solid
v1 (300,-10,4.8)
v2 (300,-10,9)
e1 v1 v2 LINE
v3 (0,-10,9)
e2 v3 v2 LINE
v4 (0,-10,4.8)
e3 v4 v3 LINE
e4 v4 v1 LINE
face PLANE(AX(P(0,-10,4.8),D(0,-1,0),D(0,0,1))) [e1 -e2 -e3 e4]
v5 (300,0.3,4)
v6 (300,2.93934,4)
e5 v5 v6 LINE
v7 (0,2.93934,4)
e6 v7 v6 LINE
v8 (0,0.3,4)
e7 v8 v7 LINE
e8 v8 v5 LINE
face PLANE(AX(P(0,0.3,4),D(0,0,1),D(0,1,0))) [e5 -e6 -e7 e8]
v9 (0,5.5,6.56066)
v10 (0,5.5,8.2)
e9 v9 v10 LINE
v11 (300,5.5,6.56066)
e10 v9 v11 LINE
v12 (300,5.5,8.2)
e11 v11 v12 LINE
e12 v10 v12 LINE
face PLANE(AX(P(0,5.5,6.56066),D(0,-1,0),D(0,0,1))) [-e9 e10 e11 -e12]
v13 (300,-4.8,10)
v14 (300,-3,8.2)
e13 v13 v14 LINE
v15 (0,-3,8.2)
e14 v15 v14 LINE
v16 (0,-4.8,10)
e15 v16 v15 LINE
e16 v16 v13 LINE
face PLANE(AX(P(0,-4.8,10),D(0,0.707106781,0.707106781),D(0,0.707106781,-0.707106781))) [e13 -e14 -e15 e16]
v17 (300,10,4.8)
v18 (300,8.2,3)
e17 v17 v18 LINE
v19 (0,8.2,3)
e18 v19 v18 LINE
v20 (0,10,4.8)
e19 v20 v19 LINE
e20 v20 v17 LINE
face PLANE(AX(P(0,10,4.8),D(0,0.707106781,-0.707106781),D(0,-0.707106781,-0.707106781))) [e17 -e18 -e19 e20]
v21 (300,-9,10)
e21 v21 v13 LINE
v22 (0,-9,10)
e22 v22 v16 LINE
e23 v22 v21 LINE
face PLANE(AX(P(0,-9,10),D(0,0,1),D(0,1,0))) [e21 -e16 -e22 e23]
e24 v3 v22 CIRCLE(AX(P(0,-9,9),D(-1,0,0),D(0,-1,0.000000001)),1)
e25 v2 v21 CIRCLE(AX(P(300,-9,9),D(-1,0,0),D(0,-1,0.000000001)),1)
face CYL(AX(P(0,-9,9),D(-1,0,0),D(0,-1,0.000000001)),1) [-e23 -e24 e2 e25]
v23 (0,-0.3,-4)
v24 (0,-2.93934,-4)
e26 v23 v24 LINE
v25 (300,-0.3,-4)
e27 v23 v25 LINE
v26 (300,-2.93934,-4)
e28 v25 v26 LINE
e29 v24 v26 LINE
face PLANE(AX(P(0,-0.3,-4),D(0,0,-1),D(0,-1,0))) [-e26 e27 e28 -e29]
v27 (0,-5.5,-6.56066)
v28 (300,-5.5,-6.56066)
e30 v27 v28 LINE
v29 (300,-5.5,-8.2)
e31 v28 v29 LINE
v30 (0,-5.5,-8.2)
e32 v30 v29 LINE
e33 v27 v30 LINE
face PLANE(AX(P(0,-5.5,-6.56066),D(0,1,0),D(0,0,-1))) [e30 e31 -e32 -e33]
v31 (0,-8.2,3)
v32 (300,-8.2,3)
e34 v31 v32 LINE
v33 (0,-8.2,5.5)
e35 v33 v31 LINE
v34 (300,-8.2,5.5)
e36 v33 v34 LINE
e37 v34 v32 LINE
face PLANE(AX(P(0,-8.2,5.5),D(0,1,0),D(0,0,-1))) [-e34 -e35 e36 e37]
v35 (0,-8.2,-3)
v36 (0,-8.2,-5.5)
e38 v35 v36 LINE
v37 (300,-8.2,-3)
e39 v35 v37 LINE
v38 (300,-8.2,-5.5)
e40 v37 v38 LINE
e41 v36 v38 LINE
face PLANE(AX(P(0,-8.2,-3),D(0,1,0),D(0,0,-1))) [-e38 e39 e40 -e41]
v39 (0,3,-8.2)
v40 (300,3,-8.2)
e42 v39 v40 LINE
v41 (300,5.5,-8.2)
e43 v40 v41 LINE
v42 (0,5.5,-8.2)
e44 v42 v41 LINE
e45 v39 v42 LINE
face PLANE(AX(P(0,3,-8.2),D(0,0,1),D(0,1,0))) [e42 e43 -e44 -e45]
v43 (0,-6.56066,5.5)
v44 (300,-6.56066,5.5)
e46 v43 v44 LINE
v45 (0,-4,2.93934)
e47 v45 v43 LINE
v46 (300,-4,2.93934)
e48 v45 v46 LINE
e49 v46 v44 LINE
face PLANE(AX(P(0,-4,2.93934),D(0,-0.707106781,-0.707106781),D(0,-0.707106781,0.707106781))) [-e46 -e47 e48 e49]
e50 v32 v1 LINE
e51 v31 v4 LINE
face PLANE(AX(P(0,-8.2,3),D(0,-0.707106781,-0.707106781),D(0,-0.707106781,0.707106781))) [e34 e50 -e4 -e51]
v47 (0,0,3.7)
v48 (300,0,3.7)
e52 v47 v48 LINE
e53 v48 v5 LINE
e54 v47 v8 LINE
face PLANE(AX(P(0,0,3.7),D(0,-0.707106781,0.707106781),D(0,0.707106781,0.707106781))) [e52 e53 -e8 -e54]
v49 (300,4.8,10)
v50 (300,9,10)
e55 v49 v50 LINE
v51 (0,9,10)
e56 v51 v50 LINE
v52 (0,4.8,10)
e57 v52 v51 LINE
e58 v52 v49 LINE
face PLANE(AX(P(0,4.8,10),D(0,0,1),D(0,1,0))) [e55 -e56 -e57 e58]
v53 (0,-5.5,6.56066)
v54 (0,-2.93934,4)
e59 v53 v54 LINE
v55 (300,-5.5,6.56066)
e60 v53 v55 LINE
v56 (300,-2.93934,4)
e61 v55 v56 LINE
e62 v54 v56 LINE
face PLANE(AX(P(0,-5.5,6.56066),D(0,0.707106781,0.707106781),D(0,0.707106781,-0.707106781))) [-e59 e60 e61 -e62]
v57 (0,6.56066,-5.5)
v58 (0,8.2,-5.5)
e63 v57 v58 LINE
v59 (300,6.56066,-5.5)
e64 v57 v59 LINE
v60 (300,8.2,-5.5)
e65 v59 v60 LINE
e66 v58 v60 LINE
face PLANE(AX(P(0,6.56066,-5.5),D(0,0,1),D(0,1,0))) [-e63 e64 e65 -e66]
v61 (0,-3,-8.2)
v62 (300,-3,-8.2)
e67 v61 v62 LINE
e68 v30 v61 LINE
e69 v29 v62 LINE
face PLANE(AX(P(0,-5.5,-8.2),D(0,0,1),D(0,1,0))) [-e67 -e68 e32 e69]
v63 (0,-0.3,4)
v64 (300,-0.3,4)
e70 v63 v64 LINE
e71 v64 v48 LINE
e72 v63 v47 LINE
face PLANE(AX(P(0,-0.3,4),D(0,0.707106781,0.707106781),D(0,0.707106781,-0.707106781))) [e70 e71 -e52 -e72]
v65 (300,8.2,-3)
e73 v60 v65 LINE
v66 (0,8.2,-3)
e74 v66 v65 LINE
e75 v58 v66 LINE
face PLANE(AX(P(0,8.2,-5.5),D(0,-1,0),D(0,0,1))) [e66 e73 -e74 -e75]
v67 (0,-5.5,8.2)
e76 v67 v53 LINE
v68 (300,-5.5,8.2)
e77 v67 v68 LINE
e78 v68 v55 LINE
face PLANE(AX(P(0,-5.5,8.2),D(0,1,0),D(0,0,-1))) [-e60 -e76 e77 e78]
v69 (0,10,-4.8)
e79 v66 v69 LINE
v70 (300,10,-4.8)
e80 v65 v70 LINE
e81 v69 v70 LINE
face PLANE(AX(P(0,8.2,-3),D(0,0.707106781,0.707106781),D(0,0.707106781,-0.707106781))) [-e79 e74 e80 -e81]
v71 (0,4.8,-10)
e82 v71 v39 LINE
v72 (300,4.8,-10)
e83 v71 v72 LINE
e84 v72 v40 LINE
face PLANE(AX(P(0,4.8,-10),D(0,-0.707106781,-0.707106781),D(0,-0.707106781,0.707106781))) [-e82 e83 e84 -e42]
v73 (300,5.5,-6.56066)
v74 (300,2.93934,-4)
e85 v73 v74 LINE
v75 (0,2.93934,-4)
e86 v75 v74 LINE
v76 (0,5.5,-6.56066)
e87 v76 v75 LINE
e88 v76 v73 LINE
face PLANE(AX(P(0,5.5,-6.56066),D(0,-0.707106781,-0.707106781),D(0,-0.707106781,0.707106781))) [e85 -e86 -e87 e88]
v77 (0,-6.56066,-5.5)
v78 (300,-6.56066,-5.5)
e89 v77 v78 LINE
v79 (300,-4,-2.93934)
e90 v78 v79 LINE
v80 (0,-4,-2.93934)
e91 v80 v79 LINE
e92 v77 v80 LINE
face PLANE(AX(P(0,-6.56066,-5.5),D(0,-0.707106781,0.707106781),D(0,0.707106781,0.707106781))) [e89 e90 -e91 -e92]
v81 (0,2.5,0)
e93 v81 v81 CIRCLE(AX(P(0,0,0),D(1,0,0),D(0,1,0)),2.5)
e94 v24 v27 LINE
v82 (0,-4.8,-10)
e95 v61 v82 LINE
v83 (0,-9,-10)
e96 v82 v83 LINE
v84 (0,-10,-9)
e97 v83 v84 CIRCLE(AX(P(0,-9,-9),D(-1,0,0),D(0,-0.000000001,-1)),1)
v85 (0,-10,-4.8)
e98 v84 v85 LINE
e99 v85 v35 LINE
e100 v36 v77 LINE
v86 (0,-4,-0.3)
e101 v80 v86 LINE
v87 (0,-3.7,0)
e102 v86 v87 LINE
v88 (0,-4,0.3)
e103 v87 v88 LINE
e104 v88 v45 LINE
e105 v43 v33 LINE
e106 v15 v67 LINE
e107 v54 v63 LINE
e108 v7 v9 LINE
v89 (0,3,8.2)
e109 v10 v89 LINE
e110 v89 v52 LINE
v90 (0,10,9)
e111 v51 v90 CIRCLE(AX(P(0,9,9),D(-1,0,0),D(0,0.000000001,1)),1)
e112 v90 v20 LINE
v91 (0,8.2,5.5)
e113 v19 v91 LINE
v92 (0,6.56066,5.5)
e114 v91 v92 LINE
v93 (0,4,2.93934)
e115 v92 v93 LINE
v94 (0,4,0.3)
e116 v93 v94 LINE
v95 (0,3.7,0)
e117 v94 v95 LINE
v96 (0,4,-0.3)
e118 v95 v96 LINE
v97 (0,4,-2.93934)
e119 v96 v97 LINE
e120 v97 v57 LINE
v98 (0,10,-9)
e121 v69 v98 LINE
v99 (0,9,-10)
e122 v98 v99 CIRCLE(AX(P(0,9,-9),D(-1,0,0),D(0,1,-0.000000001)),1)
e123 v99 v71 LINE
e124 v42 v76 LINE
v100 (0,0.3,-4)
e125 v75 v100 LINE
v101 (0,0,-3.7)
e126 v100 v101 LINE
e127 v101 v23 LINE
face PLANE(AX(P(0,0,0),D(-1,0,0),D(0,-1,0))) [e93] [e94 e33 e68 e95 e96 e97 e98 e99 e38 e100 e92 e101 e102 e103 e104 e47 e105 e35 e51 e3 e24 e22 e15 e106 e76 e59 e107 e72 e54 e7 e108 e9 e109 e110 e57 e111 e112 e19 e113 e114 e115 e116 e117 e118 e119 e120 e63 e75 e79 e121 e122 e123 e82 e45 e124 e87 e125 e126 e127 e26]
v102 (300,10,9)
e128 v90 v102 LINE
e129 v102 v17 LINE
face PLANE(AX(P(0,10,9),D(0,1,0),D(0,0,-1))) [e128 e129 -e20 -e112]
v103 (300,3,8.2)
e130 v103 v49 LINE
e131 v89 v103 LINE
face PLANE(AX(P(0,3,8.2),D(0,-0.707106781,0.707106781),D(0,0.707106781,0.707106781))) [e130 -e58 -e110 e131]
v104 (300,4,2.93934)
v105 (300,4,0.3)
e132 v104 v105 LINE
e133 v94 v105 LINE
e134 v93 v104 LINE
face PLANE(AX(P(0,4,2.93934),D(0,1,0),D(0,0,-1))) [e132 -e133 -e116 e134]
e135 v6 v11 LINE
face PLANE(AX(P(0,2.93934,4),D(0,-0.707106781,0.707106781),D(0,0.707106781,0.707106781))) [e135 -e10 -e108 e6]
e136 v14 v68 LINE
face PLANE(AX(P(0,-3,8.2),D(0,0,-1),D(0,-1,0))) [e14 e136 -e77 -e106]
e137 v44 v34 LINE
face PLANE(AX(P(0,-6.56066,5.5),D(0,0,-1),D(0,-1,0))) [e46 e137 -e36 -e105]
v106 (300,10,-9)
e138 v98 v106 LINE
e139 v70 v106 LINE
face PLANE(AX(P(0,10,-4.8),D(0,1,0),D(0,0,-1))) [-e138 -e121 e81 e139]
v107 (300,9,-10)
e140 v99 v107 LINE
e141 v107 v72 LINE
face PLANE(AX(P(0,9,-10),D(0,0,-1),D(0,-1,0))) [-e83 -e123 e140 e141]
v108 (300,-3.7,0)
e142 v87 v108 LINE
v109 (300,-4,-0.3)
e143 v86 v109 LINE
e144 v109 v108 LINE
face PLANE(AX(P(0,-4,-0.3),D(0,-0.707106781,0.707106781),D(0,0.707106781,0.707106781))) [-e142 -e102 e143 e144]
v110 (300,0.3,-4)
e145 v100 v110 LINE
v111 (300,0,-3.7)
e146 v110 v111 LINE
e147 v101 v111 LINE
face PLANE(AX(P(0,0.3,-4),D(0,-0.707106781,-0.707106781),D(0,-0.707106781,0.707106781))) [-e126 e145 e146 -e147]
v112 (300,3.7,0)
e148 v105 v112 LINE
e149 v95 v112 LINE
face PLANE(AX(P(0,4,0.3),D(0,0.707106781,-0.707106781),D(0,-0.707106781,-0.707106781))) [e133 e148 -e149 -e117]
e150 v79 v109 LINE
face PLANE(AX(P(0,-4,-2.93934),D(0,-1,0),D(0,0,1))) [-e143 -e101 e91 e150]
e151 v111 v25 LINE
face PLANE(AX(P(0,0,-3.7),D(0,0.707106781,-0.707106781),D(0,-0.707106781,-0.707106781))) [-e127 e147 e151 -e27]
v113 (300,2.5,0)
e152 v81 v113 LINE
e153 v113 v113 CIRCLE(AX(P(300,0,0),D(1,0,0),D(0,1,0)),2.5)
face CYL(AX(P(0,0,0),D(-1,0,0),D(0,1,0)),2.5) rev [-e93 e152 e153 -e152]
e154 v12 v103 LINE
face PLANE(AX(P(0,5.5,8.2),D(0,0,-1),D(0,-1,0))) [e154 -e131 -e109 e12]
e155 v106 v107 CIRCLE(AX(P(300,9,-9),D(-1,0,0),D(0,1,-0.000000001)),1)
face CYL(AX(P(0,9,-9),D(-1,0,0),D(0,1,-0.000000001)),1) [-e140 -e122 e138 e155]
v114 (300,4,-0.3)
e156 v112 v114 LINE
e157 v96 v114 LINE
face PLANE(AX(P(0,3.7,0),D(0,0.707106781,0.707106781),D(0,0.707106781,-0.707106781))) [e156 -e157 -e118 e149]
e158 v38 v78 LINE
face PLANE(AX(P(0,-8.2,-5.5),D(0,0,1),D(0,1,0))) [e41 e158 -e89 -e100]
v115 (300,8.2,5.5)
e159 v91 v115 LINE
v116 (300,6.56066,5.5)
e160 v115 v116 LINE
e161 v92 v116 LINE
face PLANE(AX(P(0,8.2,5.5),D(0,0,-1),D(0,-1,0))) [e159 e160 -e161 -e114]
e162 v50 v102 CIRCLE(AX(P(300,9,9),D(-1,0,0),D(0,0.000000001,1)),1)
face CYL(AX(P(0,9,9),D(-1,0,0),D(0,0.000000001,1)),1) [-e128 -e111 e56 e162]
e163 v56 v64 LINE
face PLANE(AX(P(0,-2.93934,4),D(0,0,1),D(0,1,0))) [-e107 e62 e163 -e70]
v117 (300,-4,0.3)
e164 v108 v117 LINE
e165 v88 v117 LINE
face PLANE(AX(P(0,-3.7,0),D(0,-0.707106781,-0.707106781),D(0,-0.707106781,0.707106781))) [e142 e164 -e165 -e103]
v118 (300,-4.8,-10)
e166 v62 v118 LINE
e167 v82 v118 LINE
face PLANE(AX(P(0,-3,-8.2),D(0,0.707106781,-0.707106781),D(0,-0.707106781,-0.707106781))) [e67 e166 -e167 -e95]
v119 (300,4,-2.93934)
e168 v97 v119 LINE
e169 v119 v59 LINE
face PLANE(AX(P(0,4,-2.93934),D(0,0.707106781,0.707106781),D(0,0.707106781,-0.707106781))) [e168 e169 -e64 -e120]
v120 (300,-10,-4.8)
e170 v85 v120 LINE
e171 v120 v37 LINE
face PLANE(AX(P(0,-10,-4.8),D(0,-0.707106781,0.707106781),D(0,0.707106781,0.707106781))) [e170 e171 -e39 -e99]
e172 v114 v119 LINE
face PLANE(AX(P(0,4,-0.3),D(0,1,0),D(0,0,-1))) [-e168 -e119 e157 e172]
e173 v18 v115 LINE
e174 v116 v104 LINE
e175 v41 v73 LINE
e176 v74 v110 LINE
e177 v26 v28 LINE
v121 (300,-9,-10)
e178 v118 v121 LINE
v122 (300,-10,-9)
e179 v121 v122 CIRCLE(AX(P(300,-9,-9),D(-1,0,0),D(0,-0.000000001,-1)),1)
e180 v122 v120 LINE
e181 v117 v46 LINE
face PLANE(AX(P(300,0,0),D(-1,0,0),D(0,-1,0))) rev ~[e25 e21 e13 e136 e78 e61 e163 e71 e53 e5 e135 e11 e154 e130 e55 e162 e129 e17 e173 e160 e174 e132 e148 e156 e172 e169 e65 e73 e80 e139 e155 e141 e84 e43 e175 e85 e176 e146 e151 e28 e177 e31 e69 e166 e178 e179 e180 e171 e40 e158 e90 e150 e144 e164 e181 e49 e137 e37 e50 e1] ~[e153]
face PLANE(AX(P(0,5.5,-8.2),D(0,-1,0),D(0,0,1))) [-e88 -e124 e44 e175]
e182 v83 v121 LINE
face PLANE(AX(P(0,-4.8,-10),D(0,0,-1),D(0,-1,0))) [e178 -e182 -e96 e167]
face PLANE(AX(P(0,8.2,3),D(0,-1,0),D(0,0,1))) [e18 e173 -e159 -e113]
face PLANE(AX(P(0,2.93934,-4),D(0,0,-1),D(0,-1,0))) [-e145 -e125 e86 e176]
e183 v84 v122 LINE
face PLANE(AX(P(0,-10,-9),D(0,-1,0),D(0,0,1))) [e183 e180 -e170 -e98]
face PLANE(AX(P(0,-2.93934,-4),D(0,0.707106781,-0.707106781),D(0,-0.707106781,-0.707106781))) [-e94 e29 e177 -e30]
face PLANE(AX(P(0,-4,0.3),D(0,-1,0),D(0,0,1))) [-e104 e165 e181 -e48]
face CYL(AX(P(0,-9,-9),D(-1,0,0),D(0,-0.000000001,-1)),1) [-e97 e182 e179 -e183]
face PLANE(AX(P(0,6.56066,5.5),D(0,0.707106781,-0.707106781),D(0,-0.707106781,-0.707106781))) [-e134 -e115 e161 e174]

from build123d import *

# Parameters (mm, degrees)
SKETCH11_R                                  = 2.5
QUADRADO_PF20_11_PERFIL_2020_V_SLOT_1_DEPTH = 300


with BuildPart() as part:
    # Sketch11 → Quadrado PF20-11 - PERFIL 2020 V-SLOT(1) (new body)
    with BuildSketch(Plane.YZ):
        with BuildLine():
            Line((-4.8, 10), (-3, 8.2))
            Line((-3, 8.2), (-5.5, 8.2))
            Line((-5.5, 8.2), (-5.5, 6.560660172))
            Line((-5.5, 6.560660172), (-2.939339828, 4))
            Line((-2.939339828, 4), (-0.3, 4))
            Line((-0.3, 4), (0, 3.7))
            Line((0, 3.7), (0.3, 4))
            Line((0.3, 4), (2.939339828, 4))
            Line((2.939339828, 4), (5.5, 6.560660172))
            Line((5.5, 6.560660172), (5.5, 8.2))
            Line((5.5, 8.2), (3, 8.2))
            Line((3, 8.2), (4.8, 10))
            Line((4.8, 10), (9, 10))
            ThreePointArc((9, 10), (9.707106781, 9.707106781), (10, 9))
            Line((10, 9), (10, 4.8))
            Line((10, 4.8), (8.2, 3))
            Line((8.2, 3), (8.2, 5.5))
            Line((8.2, 5.5), (6.560660172, 5.5))
            Line((6.560660172, 5.5), (4, 2.939339828))
            Line((4, 2.939339828), (4, 0.3))
            Line((4, 0.3), (3.7, 0))
            Line((3.7, 0), (4, -0.3))
            Line((4, -0.3), (4, -2.939339828))
            Line((4, -2.939339828), (6.560660172, -5.5))
            Line((6.560660172, -5.5), (8.2, -5.5))
            Line((8.2, -5.5), (8.2, -3))
            Line((8.2, -3), (10, -4.8))
            Line((10, -4.8), (10, -9))
            ThreePointArc((10, -9), (9.707106781, -9.707106781), (9, -10))
            Line((9, -10), (4.8, -10))
            Line((4.8, -10), (3, -8.2))
            Line((3, -8.2), (5.5, -8.2))
            Line((5.5, -8.2), (5.5, -6.560660172))
            Line((5.5, -6.560660172), (2.939339828, -4))
            Line((2.939339828, -4), (0.3, -4))
            Line((0.3, -4), (0, -3.7))
            Line((0, -3.7), (-0.3, -4))
            Line((-0.3, -4), (-2.939339828, -4))
            Line((-2.939339828, -4), (-5.5, -6.560660172))
            Line((-5.5, -6.560660172), (-5.5, -8.2))
            Line((-5.5, -8.2), (-3, -8.2))
            Line((-3, -8.2), (-4.8, -10))
            Line((-4.8, -10), (-9, -10))
            ThreePointArc((-9, -10), (-9.707106781, -9.707106781), (-10, -9))
            Line((-10, -9), (-10, -4.8))
            Line((-10, -4.8), (-8.2, -3))
            Line((-8.2, -3), (-8.2, -5.5))
            Line((-8.2, -5.5), (-6.560660172, -5.5))
            Line((-6.560660172, -5.5), (-4, -2.939339828))
            Line((-4, -2.939339828), (-4, -0.3))
            Line((-4, -0.3), (-3.7, 0))
            Line((-3.7, 0), (-4, 0.3))
            Line((-4, 0.3), (-4, 2.939339828))
            Line((-4, 2.939339828), (-6.560660172, 5.5))
            Line((-6.560660172, 5.5), (-8.2, 5.5))
            Line((-8.2, 5.5), (-8.2, 3))
            Line((-8.2, 3), (-10, 4.8))
            Line((-10, 4.8), (-10, 9))
            ThreePointArc((-10, 9), (-9.707106781, 9.707106781), (-9, 10))
            Line((-9, 10), (-4.8, 10))
        make_face()
        Circle(SKETCH11_R, mode=Mode.SUBTRACT)
    extrude(amount=QUADRADO_PF20_11_PERFIL_2020_V_SLOT_1_DEPTH)


solid = part.part
